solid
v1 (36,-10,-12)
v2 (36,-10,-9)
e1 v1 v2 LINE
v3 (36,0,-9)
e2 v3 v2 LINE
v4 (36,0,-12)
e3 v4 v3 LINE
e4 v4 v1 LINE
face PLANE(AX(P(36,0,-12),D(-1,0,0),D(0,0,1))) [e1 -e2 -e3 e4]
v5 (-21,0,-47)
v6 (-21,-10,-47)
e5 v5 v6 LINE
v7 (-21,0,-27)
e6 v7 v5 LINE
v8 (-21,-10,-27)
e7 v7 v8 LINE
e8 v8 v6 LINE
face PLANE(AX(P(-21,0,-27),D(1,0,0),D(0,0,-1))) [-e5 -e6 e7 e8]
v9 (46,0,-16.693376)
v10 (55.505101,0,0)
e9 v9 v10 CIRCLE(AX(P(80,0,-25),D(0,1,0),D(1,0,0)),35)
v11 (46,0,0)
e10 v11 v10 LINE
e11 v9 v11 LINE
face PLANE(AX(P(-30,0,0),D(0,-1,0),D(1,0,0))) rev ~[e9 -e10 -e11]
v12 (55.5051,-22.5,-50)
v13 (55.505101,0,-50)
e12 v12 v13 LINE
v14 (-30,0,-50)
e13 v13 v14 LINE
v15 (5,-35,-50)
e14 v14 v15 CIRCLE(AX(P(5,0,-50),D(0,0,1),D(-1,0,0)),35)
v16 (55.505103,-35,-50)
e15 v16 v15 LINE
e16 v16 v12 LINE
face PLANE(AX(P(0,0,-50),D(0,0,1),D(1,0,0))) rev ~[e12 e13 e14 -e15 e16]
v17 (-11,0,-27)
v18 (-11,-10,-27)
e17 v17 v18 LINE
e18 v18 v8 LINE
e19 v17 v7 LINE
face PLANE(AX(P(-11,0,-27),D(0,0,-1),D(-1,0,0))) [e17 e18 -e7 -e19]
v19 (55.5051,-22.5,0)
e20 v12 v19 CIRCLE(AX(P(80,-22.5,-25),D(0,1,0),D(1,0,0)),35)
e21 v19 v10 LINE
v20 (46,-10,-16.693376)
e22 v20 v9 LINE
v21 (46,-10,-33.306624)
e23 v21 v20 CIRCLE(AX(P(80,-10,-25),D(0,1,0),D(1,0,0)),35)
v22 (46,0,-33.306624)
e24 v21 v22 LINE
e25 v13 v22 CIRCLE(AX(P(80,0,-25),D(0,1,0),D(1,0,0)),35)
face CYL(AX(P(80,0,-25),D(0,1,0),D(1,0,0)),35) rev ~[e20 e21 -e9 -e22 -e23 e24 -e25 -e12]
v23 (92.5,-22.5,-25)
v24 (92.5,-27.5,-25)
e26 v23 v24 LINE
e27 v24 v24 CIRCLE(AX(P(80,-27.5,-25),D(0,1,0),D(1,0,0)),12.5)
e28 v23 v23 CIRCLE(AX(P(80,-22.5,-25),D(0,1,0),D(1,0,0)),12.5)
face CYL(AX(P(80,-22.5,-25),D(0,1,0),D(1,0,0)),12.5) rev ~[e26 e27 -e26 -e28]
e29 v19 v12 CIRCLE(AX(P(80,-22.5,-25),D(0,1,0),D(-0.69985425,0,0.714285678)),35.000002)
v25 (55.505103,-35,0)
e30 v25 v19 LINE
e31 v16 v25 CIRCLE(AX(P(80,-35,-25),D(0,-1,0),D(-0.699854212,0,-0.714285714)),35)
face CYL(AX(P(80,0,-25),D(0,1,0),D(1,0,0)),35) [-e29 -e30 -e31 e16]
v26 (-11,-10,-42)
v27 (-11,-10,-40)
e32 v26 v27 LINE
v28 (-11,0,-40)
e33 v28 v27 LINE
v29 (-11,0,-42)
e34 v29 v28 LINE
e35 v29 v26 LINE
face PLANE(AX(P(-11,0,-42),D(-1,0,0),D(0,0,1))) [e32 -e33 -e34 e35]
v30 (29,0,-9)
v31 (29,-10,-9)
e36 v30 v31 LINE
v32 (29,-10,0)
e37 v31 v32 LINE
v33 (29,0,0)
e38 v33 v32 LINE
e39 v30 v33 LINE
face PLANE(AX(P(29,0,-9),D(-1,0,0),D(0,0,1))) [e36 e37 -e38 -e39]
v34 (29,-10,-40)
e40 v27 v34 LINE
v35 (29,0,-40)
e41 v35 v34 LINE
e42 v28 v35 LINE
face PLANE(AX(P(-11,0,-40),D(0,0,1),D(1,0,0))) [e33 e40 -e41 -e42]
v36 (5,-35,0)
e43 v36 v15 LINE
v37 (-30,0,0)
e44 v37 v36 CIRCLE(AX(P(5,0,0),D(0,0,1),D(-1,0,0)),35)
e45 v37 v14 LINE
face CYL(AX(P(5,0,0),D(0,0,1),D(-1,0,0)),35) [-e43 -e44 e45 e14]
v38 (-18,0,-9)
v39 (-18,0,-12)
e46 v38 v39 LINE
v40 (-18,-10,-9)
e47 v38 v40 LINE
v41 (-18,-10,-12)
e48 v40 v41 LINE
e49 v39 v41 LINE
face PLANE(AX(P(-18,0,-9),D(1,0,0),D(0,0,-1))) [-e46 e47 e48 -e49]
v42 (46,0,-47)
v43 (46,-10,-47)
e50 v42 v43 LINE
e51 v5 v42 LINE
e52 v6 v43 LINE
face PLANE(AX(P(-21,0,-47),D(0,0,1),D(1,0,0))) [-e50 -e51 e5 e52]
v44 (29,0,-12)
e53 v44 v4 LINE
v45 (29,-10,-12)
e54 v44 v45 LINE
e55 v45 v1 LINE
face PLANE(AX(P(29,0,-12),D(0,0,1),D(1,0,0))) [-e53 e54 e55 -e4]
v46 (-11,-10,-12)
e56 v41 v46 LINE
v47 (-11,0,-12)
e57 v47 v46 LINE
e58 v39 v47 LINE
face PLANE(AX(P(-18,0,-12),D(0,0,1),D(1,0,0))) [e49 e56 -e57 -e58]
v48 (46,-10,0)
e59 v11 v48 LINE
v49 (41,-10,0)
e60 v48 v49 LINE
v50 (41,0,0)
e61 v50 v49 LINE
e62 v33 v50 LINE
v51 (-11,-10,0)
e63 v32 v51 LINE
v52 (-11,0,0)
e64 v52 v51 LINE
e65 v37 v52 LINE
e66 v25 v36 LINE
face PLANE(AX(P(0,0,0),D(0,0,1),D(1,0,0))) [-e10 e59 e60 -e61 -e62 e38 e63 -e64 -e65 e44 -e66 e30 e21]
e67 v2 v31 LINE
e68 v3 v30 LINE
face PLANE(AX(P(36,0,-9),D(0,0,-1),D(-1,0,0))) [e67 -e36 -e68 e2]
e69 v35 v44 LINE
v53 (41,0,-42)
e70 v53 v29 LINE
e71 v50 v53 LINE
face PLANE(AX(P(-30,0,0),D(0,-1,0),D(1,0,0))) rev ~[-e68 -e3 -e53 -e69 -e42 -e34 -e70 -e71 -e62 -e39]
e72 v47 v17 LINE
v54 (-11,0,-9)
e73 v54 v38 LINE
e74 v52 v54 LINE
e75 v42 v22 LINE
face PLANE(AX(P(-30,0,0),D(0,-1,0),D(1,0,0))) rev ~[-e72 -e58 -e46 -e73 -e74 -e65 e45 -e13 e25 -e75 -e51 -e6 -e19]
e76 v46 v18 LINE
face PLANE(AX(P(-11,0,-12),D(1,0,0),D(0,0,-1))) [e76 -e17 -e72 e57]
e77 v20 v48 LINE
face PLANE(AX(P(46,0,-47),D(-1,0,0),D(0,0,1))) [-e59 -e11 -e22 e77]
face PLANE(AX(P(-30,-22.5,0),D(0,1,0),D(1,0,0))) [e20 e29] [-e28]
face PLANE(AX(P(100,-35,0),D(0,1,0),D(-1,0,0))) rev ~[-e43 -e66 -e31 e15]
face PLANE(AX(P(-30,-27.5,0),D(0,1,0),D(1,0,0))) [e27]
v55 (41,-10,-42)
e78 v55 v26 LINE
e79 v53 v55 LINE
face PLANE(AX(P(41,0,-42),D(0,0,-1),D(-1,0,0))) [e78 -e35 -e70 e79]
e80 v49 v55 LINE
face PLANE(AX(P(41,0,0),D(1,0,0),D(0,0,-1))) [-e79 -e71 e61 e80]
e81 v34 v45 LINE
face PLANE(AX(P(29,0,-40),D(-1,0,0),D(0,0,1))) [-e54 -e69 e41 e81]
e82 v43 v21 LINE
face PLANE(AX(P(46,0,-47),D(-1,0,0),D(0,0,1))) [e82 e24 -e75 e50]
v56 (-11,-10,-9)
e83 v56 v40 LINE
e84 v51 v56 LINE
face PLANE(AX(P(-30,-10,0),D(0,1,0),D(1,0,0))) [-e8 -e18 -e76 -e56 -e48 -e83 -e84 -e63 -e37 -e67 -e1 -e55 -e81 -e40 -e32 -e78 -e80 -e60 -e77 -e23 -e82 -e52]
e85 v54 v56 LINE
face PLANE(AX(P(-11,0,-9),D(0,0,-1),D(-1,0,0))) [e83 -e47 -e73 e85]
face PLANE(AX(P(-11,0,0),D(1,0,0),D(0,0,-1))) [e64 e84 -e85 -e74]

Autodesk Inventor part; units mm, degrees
ref_plane "YZ Plane" through (0, 0, 0) normal (1, 0, 0) x (0, 1, 0)
ref_plane "XZ Plane" through (0, 0, 0) normal (0, 1, 0) x (-1, 0, 0)
ref_plane "XY Plane" through (0, 0, 0) normal (0, 0, 1) x (1, 0, 0)
sketch "Sketch1" plane through (0, 0, 0) normal (0, 0, 1) x (1, 0, 0)
  line L0 (-30, 0) -> (0, 0)
  line L1 (100, 0) -> (0, 0)
  line L2 (100, 0) -> (100, -35)
  line L3 (100, -35) -> (5, -35)
  arc A0 (-30, 0) -> (5, -35) centre (5, 0) ccw
  dimension "d0" = 30
  dimension "d26" = 130
  dimension "d27" = 35
  dimension "d28" = 35
extrude "Extrusion1" add sketch "Sketch1" against normal blind 50
sketch "Sketch2" plane through (-30, 0, 0) normal (0, 1, 0) x (1, 0, 0)
  circle A0 centre (110, 25) radius 12.5
  circle A1 centre (110, 25) radius 35
  line L0 (0, 0) -> (0, 50) projected
  line L1 (0, 25) -> (130, 25)
  line L2 (130, 0) -> (130, 50) projected
  point P0 (30, 0)
  dimension "d6" = 25
  dimension "d7" = 70
  dimension "d8" = 110
extrude "Extrusion4" add sketch "Sketch2" against normal up to surface (35 mm away) contours L1 A0 | A1 | A0 L1
sketch "Sketch4" plane through (-30, 0, 0) normal (0, 1, 0) x (1, 0, 0)
  line L0 (85.5051, 0) -> (0, 0) projected
  line L1 (19, 0) -> (19, 9)
  line L2 (19, 9) -> (12, 9)
  line L3 (12, 9) -> (12, 12)
  line L4 (12, 12) -> (19, 12)
  line L5 (19, 12) -> (19, 27)
  line L6 (19, 27) -> (9, 27)
  line L7 (9, 27) -> (9, 47)
  line L8 (9, 47) -> (76, 47)
  line L9 (76, 47) -> (76, 0)
  line L10 (71, 0) -> (71, 42)
  line L11 (71, 42) -> (19, 42)
  line L12 (19, 42) -> (19, 40)
  line L13 (19, 40) -> (59, 40)
  line L14 (59, 40) -> (59, 12)
  line L15 (59, 12) -> (66, 12)
  line L16 (66, 12) -> (66, 9)
  line L17 (66, 9) -> (59, 9)
  line L18 (59, 9) -> (59, 0)
  point P0 (30, 0)
  point P1 (12, 10.5)
  point P2 (66, 10.5)
  dimension "d31" = 54
  dimension "d32" = 36
  dimension "d33" = 7
  dimension "d34" = 7
  dimension "d35" = 40
  dimension "d36" = 2
  dimension "d37" = 3
  dimension "d38" = 9
  dimension "d39" = 15
  dimension "d40" = 10
  dimension "d41" = 20
  dimension "d42" = 5
  dimension "d43" = 67
extrude "Extrusion5" cut sketch "Sketch4" against normal blind 10 contours L0 L10 L11 L12 L13 L14 L15 L16 L17 L18 L1 L2 L3 L4 L5 L6 L7 L8 L9
sketch "Sketch5" plane through (-30, 0, 0) normal (0, 1, 0) x (1, 0, 0)
  arc A0 (85.5051, 0) -> (85.5051, 50) centre (110, 25) ccw projected
  circle A1 centre (110, 25) radius 35
  circle A2 centre (110, 25) radius 12.5
  point P0 (30, 0)
  point P1 (85.5051, 50)
  point P2 (85.5051, 0)
  dimension "d46" = 25
extrude "Extrusion6" cut sketch "Sketch5" against normal blind 22.5 contours A1 A0 | A2
sketch "Sketch6" plane through (-30, -22.5, 0) normal (0, 1, 0) x (1, 0, 0)
  arc A0 (85.5051, 0) -> (85.5051, 50) centre (110, 25) ccw projected
  arc A1 (85.5051, 50) -> (85.5051, 0) centre (110, 25) ccw projected
  circle A2 centre (110, 25) radius 12.5
  point P0 (30, 0)
  dimension "d49" = 25
extrude "Extrusion7" cut sketch "Sketch6" against normal blind 5 contours A2
properties part number "wirst 2 left"
